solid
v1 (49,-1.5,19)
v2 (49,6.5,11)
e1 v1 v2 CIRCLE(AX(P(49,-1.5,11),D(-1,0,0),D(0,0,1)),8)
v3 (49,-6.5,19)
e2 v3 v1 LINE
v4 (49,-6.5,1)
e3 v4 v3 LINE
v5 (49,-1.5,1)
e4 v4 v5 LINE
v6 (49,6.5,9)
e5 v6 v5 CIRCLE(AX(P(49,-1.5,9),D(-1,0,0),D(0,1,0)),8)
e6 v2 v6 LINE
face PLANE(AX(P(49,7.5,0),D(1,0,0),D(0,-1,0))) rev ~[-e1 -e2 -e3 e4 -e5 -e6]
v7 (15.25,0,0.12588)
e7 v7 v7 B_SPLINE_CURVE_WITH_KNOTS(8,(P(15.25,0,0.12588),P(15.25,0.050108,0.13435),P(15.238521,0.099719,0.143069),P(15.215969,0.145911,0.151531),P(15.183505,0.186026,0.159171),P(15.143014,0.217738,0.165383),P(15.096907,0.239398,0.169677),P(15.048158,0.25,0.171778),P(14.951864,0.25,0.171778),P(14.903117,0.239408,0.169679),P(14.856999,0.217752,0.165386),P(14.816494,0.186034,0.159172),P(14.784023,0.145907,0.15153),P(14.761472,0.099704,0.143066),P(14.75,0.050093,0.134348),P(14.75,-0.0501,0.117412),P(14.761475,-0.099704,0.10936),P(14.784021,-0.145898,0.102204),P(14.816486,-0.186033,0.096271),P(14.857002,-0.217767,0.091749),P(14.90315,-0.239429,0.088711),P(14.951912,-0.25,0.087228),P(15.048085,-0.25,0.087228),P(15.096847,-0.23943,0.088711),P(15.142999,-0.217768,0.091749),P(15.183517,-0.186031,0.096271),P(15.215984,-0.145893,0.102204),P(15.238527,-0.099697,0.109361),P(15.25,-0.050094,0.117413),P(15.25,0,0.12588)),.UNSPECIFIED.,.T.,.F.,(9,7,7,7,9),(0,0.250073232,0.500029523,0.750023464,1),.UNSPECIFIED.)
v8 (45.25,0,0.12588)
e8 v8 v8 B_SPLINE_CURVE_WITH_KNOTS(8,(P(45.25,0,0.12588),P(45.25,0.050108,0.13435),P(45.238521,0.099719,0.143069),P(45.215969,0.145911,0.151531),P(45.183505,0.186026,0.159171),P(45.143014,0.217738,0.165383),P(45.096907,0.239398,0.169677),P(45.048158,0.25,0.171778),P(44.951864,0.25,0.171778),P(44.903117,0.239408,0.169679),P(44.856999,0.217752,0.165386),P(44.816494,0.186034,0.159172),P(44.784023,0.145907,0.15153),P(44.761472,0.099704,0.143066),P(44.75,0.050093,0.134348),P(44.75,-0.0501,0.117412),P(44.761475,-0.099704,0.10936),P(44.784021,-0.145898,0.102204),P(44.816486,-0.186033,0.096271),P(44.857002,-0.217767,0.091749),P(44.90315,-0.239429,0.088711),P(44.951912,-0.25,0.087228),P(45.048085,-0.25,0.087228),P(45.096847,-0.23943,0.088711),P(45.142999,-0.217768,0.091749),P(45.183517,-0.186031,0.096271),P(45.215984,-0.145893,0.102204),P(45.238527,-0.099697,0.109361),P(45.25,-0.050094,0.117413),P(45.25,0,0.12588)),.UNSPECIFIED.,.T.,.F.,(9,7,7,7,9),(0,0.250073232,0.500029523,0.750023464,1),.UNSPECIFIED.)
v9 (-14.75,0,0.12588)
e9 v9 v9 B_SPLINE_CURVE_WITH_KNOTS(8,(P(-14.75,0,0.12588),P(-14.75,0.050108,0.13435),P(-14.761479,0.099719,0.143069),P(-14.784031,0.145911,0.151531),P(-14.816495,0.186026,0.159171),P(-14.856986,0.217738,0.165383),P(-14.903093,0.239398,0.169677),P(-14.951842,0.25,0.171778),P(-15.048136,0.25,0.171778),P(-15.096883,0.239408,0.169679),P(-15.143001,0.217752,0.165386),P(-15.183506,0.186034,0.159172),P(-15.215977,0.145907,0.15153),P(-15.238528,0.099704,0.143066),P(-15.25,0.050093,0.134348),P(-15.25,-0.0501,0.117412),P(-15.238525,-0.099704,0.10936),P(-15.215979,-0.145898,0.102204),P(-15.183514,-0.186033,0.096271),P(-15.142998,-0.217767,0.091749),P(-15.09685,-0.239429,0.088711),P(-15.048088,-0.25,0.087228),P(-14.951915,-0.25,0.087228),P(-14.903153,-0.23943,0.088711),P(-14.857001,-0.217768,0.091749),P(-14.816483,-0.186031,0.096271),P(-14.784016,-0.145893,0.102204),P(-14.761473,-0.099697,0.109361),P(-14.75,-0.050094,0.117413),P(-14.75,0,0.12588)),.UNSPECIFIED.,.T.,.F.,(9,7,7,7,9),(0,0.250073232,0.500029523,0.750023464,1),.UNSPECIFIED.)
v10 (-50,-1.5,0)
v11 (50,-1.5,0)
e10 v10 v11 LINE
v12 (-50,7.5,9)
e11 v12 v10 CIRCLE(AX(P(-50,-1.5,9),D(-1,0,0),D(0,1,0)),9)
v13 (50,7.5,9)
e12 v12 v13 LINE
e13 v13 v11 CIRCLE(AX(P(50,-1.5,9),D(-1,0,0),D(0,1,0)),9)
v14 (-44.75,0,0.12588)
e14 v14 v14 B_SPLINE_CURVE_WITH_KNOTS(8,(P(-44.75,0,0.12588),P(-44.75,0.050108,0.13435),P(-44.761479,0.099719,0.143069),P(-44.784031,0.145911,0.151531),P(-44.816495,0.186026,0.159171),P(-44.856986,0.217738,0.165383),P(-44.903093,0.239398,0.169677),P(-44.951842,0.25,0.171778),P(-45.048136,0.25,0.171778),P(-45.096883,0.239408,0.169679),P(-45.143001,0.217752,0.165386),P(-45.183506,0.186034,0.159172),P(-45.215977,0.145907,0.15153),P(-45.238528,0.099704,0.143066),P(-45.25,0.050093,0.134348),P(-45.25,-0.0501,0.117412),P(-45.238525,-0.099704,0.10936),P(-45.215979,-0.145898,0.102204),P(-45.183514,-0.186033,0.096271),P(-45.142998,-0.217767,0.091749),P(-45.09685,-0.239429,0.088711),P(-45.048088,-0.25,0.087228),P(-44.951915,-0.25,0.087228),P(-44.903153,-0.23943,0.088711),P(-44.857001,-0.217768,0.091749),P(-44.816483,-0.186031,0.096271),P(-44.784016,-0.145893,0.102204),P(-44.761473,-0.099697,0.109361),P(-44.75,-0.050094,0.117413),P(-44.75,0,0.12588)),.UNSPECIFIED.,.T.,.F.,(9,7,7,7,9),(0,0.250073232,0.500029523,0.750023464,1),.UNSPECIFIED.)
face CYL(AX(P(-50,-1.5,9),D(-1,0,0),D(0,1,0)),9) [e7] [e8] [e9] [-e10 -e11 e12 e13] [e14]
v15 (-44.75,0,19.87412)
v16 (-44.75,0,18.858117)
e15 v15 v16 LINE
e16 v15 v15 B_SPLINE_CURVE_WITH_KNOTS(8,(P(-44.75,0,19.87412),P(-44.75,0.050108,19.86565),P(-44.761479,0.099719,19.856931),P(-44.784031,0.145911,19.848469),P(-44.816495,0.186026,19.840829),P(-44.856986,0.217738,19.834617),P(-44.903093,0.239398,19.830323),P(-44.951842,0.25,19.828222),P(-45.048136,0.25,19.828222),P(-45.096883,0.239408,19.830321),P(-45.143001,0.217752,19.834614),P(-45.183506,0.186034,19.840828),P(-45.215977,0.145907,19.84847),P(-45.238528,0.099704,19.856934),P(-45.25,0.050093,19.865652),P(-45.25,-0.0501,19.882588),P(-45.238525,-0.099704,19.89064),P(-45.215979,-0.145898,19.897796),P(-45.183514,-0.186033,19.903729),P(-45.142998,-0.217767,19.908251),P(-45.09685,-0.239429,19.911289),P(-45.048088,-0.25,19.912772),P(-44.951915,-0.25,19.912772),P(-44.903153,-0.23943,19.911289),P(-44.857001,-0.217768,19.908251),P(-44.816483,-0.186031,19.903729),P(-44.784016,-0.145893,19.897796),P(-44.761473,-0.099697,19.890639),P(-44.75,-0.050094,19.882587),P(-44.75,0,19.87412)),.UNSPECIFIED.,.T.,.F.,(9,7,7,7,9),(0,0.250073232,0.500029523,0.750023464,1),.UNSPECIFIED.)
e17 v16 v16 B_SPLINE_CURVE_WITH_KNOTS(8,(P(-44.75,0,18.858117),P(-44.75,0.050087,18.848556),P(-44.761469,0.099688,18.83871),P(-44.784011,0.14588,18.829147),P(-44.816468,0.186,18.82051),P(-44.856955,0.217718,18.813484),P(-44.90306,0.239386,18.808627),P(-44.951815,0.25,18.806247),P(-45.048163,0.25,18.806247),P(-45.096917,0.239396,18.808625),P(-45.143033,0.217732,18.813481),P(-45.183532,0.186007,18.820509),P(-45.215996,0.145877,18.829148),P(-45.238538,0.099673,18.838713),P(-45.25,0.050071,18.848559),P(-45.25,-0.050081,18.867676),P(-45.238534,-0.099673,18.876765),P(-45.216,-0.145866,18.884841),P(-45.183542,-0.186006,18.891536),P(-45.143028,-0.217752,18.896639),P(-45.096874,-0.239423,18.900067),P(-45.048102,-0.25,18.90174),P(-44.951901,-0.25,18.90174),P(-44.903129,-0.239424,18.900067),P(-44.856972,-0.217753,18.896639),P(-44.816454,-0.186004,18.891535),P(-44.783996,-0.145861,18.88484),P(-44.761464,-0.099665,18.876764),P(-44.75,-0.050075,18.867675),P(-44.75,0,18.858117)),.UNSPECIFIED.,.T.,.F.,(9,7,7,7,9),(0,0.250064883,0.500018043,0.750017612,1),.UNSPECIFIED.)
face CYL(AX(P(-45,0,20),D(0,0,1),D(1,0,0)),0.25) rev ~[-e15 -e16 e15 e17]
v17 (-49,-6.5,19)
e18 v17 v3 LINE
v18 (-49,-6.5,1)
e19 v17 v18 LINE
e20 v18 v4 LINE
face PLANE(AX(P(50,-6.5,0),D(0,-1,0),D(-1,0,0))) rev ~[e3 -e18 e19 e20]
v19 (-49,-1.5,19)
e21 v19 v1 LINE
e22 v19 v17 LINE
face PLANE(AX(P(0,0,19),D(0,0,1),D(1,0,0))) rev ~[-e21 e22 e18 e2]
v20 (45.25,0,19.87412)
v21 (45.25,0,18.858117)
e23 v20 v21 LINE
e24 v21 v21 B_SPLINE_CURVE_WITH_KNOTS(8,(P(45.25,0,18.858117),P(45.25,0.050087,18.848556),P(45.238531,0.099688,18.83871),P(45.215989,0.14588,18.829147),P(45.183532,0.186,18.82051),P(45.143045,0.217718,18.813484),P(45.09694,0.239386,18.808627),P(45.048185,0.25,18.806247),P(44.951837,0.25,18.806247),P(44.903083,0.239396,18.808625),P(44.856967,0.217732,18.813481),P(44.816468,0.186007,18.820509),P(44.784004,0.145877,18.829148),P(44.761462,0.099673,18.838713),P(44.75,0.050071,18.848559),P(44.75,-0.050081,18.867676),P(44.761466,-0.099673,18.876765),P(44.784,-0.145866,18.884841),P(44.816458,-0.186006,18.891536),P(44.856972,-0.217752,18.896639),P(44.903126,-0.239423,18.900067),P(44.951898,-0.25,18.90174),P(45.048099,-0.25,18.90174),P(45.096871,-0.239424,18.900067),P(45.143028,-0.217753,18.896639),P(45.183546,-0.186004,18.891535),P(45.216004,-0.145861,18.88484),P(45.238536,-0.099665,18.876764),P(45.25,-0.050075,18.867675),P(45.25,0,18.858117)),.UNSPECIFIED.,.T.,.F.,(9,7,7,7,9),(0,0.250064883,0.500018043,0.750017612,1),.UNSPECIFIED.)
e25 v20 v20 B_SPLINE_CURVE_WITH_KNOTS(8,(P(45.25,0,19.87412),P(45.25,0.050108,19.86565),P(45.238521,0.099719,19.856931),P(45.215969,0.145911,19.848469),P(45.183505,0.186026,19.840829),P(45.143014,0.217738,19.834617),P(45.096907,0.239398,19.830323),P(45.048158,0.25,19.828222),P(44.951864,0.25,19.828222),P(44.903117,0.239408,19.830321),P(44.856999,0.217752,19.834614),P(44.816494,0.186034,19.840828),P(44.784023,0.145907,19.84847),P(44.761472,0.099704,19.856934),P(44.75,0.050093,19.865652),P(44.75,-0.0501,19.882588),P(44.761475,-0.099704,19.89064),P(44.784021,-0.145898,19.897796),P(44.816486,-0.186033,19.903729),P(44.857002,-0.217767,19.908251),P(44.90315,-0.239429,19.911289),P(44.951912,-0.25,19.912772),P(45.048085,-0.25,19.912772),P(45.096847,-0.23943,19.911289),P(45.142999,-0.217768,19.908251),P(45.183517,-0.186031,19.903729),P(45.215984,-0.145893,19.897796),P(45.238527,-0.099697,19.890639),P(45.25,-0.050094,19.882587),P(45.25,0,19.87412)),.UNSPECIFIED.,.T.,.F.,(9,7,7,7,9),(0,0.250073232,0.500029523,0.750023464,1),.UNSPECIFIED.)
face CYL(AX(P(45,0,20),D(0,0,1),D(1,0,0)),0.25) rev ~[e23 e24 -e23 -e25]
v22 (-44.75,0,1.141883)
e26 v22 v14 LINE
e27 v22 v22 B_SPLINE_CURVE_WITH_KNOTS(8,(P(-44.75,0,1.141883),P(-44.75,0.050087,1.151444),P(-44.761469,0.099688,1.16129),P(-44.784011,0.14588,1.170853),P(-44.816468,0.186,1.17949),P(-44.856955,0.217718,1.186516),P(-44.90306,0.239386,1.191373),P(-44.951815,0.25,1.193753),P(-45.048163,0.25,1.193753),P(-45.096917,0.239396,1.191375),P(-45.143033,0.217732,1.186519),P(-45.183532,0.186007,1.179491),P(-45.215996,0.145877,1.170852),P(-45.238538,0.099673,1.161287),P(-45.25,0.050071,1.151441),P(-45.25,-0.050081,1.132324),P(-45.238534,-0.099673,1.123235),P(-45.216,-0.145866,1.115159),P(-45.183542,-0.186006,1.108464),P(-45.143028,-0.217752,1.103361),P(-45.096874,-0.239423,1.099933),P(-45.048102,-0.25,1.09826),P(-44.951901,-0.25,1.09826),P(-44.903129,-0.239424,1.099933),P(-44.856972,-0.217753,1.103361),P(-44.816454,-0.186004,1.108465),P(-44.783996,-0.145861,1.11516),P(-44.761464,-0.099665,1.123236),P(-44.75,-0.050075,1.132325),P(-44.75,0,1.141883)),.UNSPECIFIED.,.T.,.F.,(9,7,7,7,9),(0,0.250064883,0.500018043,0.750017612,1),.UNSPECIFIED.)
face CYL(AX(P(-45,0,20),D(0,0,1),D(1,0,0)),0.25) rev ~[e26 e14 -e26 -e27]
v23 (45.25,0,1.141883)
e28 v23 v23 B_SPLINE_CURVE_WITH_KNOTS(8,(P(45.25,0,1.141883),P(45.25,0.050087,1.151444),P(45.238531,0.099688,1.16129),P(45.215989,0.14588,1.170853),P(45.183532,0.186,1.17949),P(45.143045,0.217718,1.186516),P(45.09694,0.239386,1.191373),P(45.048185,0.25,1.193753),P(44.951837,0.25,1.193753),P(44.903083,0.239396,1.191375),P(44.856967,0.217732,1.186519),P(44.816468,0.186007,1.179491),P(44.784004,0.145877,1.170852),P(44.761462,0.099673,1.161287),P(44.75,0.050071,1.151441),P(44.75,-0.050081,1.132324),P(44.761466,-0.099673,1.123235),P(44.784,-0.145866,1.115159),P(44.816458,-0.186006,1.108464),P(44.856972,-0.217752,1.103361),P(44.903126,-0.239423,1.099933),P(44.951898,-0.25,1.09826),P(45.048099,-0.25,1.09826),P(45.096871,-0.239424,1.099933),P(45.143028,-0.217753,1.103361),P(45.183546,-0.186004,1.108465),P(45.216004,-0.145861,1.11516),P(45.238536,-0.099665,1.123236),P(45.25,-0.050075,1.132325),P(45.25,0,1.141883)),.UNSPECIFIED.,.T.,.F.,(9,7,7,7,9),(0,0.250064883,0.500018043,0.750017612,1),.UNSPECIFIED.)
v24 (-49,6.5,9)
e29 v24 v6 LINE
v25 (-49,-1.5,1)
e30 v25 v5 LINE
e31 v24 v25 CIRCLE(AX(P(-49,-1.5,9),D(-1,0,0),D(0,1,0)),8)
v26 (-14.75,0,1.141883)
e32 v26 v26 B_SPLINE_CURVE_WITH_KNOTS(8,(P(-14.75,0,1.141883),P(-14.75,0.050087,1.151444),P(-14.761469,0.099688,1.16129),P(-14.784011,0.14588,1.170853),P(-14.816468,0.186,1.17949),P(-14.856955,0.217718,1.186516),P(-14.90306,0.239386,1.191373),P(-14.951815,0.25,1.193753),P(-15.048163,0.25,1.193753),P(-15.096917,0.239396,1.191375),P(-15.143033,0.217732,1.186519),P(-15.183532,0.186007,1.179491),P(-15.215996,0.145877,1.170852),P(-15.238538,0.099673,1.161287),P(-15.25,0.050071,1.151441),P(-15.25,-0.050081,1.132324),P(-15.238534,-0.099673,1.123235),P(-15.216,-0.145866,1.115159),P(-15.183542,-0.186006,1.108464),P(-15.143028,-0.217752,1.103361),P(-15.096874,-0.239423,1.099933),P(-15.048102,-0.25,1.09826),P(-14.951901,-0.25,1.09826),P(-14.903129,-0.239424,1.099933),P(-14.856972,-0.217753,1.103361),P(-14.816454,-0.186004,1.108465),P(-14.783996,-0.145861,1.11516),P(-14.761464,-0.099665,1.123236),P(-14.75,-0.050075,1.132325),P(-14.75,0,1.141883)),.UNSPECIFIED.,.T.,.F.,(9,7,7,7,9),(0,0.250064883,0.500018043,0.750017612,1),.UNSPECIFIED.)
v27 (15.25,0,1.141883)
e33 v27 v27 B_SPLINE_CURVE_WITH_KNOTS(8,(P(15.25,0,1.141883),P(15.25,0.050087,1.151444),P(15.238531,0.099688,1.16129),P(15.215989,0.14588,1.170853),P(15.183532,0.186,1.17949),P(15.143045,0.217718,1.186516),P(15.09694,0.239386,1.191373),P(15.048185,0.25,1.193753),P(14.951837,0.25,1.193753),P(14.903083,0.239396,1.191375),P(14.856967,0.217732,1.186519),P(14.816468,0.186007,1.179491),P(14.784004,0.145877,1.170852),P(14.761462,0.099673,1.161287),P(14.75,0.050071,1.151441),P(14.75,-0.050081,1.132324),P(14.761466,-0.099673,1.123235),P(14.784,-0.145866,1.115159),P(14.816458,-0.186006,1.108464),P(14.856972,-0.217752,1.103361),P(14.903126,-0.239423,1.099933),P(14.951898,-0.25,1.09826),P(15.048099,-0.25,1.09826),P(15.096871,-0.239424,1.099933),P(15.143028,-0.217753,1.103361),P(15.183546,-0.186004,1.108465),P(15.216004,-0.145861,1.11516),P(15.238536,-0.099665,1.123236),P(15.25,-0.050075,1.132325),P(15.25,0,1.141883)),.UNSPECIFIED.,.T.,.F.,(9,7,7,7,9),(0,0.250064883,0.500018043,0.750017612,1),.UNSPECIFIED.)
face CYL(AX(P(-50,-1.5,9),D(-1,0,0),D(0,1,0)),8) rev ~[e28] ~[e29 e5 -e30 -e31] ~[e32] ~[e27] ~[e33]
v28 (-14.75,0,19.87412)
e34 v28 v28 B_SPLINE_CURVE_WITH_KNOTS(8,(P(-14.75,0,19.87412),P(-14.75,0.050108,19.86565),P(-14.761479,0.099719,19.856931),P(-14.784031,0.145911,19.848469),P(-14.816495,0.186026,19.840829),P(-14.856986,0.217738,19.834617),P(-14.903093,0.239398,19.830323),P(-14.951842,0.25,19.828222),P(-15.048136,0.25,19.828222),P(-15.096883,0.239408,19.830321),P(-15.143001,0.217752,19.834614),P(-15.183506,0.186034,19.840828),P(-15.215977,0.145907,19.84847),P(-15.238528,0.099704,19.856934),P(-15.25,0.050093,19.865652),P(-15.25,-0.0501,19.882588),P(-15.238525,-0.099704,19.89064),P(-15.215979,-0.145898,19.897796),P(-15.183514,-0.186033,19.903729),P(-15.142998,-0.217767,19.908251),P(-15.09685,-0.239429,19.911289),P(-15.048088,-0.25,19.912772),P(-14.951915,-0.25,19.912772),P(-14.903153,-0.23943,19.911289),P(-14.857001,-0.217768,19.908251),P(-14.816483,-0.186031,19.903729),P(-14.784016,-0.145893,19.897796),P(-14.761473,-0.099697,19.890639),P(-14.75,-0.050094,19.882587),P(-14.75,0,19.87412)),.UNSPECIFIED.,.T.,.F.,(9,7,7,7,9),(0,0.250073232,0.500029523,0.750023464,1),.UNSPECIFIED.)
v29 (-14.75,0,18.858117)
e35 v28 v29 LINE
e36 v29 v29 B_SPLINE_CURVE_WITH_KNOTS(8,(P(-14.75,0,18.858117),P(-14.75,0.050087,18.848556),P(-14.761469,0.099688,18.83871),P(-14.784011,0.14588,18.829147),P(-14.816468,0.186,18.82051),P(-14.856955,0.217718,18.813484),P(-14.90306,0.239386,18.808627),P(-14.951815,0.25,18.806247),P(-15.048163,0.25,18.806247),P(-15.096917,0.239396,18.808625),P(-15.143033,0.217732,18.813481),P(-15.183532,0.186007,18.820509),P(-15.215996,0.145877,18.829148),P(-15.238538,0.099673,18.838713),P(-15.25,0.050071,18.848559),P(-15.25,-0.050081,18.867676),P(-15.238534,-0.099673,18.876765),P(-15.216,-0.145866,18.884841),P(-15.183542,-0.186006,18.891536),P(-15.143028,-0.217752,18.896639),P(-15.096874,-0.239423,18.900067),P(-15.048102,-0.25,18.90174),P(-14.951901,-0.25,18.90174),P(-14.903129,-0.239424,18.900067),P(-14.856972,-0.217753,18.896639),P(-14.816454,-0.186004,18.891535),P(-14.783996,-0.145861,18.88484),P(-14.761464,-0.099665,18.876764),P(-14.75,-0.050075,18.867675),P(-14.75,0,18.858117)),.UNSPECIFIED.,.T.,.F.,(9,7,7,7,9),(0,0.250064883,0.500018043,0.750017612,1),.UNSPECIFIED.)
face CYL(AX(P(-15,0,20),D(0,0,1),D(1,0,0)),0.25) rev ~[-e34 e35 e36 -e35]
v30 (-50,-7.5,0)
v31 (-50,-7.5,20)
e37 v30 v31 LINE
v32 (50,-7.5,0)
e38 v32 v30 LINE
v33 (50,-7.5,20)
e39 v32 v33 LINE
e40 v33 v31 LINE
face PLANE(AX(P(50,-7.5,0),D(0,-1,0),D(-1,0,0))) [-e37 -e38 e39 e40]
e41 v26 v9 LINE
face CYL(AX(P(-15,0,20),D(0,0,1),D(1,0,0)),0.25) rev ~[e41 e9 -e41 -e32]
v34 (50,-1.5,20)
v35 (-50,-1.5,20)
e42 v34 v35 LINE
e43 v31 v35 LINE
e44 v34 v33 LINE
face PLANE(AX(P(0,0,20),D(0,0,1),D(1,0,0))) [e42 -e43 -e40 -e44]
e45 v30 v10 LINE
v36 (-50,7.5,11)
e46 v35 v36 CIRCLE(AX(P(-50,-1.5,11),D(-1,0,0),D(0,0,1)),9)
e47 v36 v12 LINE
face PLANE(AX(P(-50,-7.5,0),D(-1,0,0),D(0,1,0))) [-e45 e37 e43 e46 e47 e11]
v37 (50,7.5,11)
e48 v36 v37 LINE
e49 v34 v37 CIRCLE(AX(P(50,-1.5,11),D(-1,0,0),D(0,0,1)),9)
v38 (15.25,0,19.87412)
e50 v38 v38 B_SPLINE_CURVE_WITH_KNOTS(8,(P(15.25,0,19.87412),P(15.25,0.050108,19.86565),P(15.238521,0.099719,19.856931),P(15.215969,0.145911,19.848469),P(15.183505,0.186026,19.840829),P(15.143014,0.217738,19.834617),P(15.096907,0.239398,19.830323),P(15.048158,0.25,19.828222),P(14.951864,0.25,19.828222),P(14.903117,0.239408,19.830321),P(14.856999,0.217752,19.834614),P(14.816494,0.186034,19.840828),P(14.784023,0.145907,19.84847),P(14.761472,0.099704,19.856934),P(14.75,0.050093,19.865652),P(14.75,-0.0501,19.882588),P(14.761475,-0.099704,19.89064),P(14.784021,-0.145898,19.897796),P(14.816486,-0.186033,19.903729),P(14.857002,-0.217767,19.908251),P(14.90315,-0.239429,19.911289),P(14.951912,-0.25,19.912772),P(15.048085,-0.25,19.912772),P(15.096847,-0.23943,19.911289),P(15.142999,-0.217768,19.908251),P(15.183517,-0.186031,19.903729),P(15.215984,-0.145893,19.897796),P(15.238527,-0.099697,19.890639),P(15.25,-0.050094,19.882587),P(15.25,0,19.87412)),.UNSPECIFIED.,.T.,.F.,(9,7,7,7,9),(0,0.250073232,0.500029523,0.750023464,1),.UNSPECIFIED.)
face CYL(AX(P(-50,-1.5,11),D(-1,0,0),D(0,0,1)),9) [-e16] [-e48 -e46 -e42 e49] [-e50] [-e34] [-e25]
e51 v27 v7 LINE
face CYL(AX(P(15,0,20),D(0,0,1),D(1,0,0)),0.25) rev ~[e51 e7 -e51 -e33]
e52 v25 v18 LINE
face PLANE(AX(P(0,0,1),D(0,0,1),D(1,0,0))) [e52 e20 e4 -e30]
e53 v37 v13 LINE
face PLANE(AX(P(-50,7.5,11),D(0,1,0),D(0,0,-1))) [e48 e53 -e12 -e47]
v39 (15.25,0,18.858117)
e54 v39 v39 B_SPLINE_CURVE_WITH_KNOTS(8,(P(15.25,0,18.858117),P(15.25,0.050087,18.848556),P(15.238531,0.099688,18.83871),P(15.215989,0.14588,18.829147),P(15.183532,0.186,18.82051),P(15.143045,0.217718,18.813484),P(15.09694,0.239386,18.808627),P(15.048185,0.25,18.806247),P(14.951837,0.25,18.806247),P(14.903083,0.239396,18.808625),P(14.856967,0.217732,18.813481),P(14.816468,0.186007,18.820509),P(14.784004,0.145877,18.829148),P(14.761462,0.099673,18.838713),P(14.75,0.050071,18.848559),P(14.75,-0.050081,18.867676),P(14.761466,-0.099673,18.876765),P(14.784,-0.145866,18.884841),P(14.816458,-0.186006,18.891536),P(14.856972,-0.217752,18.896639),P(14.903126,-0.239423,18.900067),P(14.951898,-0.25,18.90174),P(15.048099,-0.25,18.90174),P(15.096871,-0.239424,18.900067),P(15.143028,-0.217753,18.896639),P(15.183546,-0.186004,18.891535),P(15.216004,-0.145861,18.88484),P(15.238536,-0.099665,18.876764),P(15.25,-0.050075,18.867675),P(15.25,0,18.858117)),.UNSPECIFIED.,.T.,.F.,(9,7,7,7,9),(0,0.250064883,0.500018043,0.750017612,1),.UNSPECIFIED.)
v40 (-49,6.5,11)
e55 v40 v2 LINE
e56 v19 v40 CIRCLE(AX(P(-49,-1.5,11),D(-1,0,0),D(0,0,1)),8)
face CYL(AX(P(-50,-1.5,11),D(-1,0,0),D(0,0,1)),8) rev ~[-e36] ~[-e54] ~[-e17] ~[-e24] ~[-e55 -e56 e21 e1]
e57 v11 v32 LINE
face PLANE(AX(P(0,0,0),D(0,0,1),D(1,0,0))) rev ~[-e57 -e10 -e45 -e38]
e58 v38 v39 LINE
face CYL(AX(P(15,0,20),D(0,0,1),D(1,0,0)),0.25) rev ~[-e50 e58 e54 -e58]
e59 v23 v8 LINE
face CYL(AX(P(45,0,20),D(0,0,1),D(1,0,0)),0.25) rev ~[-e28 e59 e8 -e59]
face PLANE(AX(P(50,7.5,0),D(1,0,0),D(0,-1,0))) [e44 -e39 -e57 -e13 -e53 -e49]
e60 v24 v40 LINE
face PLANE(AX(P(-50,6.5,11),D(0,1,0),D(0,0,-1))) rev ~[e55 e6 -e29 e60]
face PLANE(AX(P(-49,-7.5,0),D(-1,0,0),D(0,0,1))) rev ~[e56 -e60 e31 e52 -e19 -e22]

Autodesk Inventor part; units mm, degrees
ref_plane "YZ Plane" through (0, 0, 0) normal (1, 0, 0) x (0, 1, 0)
ref_plane "XZ Plane" through (0, 0, 0) normal (0, 1, 0) x (-1, 0, 0)
ref_plane "XY Plane" through (0, 0, 0) normal (0, 0, 1) x (1, 0, 0)
sketch "Sketch1" plane through (0, 0, 0) normal (0, 0, 1) x (1, 0, 0)
  line L0 (-50, 7.5) -> (50, 7.5)
  line L1 (50, 7.5) -> (50, -7.5)
  line L2 (50, -7.5) -> (-50, -7.5)
  line L3 (-50, -7.5) -> (-50, 7.5)
  line L4 (-50, 7.5) -> (50, -7.5) construction
  line L5 (50, 7.5) -> (-50, -7.5) construction
  point P0 (0, 0)
  dimension "d0" = 100
  dimension "d1" = 15
extrude "Extrusion1" add sketch "Sketch1" along normal blind 20
sketch "Sketch2" plane through (-50, -7.5, 0) normal (-1, 0, 0) x (0, 0, 1)
  line L0 (0, 0) -> (0, 15) projected
  line L1 (0, 0) -> (20, 0)
  line L2 (20, 0) -> (20, 15) projected
  line L3 (20, 0) -> (20, 6)
  line L4 (11, 15) -> (9, 15)
  line L5 (0, 6) -> (0, 0)
  arc A0 (9, 15) -> (0, 6) centre (9, 6) ccw
  arc A1 (20, 6) -> (11, 15) centre (11, 6) ccw
  point P0 (0, 7.5)
  dimension "d4" = 9
  dimension "d10" = 20
  dimension "d11" = 15
extrude "Extrusion2" cut sketch "Sketch2" against normal through all keep common part
shell "Shell1" thickness 1 removed faces 1 at (-50, 1.5, 10.3333)
extrude "Extrusion3" add sketch "Sketch2" against normal blind 1
sketch "Sketch3" plane through (0, 0, 20) normal (0, 0, 1) x (1, 0, 0)
  line L0 (-50, -7.5) -> (50, -7.5) construction
  line L1 (-50, -7.5) -> (0, -7.5) construction
  line L2 (-50, -7.5) -> (-45, -7.5) construction
  line L3 (-45, -7.5) -> (-45, 7.5) construction
  line L4 (-49, 6.5) -> (49, 6.5) construction
  circle A0 centre (-45, 0) radius 0.25
  line L5 (-45, 0) -> (-15, 0) construction
  circle A1 centre (-15, 0) radius 0.25
  line L6 (-15, 0) -> (15, 0) construction
  circle A2 centre (15, 0) radius 0.25
  line L7 (15, 0) -> (45, 0) construction
  circle A3 centre (45, 0) radius 0.25
  point P0 (0, 0)
  dimension "d12" = 5
  dimension "d13" = 0.5
  dimension "d14" = 30
  dimension "d15" = 0.5
  dimension "d16" = 7.5
  dimension "d17" = 30
  dimension "d18" = 0.5
  dimension "d19" = 30
  dimension "d20" = 0.5
extrude "Extrusion4" cut sketch "Sketch3" against normal through all
properties part number "actuator_tube"
